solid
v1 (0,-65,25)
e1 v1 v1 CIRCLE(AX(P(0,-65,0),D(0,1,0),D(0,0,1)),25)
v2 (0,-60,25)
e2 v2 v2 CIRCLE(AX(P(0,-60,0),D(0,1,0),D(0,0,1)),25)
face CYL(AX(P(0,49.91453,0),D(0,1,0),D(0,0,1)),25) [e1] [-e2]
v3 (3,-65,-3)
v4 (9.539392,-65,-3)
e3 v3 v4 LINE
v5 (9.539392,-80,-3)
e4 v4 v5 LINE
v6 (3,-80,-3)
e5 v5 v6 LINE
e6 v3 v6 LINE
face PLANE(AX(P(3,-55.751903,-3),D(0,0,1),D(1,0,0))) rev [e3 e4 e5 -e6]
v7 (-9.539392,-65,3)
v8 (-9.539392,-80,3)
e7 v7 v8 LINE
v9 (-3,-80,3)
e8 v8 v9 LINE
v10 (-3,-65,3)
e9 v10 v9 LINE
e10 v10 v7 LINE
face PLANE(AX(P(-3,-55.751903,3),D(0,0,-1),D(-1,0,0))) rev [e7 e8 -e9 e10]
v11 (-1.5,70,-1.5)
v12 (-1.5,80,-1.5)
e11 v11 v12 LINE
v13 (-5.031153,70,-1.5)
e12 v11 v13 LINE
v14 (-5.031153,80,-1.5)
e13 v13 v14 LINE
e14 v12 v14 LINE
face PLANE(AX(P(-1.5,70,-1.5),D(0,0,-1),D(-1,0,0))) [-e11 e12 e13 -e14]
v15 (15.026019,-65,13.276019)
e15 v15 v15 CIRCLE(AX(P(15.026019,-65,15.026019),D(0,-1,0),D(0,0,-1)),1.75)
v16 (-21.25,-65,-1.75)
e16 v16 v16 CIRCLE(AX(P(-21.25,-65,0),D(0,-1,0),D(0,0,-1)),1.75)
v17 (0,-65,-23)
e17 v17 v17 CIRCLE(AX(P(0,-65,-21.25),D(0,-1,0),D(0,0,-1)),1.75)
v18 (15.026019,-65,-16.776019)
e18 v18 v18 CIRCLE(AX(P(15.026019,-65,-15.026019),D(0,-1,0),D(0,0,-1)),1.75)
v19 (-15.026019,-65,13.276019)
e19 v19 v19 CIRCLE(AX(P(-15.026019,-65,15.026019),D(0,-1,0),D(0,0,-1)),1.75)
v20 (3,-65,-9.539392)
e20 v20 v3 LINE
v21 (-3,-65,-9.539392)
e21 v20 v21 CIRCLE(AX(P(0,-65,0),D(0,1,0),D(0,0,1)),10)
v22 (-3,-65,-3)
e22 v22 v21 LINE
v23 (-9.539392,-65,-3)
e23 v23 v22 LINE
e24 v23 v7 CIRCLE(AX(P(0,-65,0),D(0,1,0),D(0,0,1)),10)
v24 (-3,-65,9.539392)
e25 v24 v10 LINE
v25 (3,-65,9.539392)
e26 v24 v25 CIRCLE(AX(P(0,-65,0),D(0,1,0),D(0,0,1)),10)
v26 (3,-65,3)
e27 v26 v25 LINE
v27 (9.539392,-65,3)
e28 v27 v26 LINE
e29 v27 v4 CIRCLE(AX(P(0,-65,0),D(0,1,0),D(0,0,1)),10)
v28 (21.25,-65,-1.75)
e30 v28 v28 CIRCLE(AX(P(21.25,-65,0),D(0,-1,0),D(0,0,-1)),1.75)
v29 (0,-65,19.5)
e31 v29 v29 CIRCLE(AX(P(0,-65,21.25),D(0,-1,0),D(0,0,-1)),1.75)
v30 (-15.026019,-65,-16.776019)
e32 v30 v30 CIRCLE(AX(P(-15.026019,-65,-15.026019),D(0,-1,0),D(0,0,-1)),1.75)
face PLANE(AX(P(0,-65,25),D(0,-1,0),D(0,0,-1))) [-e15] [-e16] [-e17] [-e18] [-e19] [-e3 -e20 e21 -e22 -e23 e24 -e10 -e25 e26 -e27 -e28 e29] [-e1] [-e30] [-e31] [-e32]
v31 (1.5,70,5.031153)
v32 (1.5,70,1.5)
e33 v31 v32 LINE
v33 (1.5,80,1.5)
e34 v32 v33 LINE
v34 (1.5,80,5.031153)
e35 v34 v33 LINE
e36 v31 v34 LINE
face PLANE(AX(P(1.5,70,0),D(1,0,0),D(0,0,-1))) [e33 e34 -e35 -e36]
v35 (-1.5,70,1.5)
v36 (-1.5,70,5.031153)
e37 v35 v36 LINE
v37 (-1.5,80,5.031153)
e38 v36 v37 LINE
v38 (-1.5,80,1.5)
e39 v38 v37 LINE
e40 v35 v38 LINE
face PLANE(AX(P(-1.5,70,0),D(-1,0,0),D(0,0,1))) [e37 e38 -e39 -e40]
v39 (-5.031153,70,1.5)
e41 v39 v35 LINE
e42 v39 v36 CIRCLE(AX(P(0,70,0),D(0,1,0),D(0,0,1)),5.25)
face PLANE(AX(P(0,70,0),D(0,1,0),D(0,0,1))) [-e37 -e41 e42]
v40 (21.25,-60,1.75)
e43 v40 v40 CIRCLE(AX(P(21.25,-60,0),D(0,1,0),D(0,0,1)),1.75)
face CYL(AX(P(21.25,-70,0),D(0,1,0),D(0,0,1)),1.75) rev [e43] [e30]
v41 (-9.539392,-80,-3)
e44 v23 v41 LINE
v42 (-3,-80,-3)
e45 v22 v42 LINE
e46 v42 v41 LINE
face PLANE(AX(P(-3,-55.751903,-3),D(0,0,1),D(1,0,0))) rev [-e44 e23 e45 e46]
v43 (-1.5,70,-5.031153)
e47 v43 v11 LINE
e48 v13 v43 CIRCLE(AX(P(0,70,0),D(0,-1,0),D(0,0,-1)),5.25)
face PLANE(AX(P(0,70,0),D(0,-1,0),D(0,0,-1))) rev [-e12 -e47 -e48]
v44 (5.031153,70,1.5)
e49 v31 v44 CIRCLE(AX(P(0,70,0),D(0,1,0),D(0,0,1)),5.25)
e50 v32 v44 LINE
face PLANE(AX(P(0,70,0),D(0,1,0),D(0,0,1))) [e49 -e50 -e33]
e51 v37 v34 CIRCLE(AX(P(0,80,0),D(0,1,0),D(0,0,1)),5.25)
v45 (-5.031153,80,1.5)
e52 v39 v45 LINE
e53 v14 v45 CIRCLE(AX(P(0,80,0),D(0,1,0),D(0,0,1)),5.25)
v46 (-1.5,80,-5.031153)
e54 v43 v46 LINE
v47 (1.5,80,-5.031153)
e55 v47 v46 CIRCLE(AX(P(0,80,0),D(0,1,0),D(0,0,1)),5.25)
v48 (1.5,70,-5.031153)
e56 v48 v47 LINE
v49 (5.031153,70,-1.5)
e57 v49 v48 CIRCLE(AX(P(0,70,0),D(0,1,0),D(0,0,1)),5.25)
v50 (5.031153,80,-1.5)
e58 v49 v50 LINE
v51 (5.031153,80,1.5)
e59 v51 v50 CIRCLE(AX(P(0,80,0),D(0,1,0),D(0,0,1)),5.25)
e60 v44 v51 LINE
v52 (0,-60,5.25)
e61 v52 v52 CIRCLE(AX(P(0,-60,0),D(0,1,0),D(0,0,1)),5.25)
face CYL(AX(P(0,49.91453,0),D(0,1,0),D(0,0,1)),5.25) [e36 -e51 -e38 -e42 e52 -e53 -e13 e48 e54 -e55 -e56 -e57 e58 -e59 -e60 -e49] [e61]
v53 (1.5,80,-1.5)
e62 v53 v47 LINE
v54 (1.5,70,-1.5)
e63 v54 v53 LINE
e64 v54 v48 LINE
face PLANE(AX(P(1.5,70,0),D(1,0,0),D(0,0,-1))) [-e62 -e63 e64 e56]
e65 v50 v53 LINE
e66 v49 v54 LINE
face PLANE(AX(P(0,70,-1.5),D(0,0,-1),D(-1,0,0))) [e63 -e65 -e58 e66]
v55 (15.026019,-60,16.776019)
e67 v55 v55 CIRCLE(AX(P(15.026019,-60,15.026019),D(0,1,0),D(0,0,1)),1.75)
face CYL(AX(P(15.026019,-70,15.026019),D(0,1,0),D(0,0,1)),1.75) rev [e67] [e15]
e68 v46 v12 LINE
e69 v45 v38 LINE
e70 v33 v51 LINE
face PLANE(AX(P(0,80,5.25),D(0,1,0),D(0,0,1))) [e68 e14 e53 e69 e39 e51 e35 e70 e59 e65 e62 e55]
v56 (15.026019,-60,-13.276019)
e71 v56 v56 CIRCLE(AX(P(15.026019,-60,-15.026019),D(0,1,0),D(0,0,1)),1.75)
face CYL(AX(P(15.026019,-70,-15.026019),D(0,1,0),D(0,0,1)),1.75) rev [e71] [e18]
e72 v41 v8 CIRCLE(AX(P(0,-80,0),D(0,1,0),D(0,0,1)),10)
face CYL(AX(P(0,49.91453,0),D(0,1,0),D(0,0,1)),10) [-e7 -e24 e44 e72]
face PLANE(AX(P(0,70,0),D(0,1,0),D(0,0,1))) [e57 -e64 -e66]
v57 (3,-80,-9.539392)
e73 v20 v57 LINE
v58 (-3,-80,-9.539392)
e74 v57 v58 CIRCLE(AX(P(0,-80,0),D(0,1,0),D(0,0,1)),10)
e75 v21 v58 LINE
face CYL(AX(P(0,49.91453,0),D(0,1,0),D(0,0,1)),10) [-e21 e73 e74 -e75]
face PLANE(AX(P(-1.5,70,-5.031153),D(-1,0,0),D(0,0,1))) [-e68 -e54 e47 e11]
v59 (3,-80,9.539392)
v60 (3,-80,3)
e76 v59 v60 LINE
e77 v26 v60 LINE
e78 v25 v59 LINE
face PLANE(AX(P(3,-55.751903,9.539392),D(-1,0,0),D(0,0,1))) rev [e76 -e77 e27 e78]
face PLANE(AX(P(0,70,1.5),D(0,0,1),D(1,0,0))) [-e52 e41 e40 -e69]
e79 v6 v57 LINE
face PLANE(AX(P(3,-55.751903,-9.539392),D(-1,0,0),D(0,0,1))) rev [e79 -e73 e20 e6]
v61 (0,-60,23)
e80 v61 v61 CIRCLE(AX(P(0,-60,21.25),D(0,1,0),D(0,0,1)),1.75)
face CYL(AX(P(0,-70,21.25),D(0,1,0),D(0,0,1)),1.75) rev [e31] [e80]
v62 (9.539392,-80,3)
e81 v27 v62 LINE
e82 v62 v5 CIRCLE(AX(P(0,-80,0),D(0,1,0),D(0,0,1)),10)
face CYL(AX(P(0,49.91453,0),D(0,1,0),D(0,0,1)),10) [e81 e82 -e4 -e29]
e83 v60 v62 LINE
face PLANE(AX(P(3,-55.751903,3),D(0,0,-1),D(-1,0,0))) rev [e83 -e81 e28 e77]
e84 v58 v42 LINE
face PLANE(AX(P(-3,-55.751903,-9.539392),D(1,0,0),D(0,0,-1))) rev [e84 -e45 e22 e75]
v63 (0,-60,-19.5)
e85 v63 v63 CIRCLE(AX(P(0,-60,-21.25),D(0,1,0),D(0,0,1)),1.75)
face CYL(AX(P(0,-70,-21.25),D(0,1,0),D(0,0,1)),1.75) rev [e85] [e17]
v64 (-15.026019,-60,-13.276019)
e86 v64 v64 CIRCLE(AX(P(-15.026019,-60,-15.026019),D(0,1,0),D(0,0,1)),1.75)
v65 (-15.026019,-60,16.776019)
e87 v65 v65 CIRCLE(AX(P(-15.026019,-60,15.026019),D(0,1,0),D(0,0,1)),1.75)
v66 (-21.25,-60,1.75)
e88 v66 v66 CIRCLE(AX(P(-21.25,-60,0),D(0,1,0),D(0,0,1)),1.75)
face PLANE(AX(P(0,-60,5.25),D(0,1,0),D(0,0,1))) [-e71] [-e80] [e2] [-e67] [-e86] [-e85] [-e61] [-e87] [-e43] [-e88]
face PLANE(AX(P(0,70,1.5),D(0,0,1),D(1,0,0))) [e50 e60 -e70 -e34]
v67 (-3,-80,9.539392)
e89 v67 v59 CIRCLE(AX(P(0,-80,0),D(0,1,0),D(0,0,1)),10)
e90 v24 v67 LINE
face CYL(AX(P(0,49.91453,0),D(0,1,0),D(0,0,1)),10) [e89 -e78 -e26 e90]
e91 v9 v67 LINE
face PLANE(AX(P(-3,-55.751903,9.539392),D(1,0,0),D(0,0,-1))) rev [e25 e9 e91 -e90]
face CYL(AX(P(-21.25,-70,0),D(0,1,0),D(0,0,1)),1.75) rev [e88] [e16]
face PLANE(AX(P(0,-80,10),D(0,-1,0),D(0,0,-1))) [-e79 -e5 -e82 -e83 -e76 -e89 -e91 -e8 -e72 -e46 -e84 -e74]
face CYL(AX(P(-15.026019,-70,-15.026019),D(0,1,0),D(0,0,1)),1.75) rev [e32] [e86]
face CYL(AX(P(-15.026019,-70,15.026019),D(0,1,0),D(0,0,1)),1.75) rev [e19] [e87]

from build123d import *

# Parameters (mm, degrees)
SKETCH2_R          = 1.75
CUT_EXTRUDE1_DEPTH = 10
CUT_EXTRUDE2_DEPTH = 15
CUT_EXTRUDE3_START = -10
CUT_EXTRUDE3_DEPTH = 10


with BuildPart() as part:
    # Sketch1 → Revolve1 (revolve)
    with BuildSketch(Plane(origin=(0, 0, 0), x_dir=(0, 0, -1), z_dir=(1, 0, 0))):
        Polygon((-5.25, 80), (-5.25, -60), (-25, -60), (-25, -65), (-10, -65), (-10, -80), (0, -80), (0, 80), align=None)
    revolve(axis=Axis((0, 49.914529915, 0), (0, -1, 0)))

    # Sketch2 → Cut-Extrude1 (cut)
    with BuildSketch(Plane(origin=(0, -60, 0), x_dir=(1, 0, 0), z_dir=(0, 1, 0))):
        with Locations(Location((0, -21.25, 0), (0, 0, 270))):
            Circle(SKETCH2_R)
        with Locations(Location((-15.0260191, -15.0260191, 0), (0, 0, 270))):
            Circle(SKETCH2_R)
        with Locations(Location((-21.25, 0, 0), (0, 0, 270))):
            Circle(SKETCH2_R)
        with Locations(Location((-15.0260191, 15.0260191, 0), (0, 0, 270))):
            Circle(SKETCH2_R)
        with Locations(Location((0, 21.25, 0), (0, 0, 270))):
            Circle(SKETCH2_R)
        with Locations(Location((15.0260191, 15.0260191, 0), (0, 0, 270))):
            Circle(SKETCH2_R)
        with Locations(Location((21.25, 0, 0), (0, 0, 270))):
            Circle(SKETCH2_R)
        with Locations(Location((15.0260191, -15.0260191, 0), (0, 0, 270))):
            Circle(SKETCH2_R)
    extrude(amount=-CUT_EXTRUDE1_DEPTH, mode=Mode.SUBTRACT)

    # Sketch3 → Cut-Extrude2 (cut)
    with BuildSketch(Plane.XZ.offset(80)):
        with BuildLine():
            Line((-3, 9.539392014), (-3, 3))
            Line((-3, 3), (-9.539392014, 3))
            ThreePointArc((-9.539392014, 3), (-7.071067812, 7.071067812), (-3, 9.539392014))
        make_face()
        with BuildLine():
            Line((-3, -3), (-9.539392014, -3))
            ThreePointArc((-9.539392014, -3), (-7.071067812, -7.071067812), (-3, -9.539392014))
            Line((-3, -9.539392014), (-3, -3))
        make_face()
        with BuildLine():
            Line((3, -3), (9.539392014, -3))
            ThreePointArc((9.539392014, -3), (7.071067812, -7.071067812), (3, -9.539392014))
            Line((3, -9.539392014), (3, -3))
        make_face()
        with BuildLine():
            Line((3, 3), (9.539392014, 3))
            ThreePointArc((9.539392014, 3), (7.071067812, 7.071067812), (3, 9.539392014))
            Line((3, 9.539392014), (3, 3))
        make_face()
    extrude(amount=-CUT_EXTRUDE2_DEPTH, mode=Mode.SUBTRACT)

    # Sketch4 → Cut-Extrude3 (cut)
    with BuildSketch(Plane(origin=(0, 80, 0), x_dir=(1, 0, 0), z_dir=(0, 1, 0)).offset(CUT_EXTRUDE3_START)):
        with BuildLine():
            Line((-1.5, -1.5), (-5.031152949, -1.5))
            ThreePointArc((-5.031152949, -1.5), (-3.712310601, -3.712310601), (-1.5, -5.031152949))
            Line((-1.5, -5.031152949), (-1.5, -1.5))
        make_face()
        with BuildLine():
            Line((1.5, -1.5), (1.5, -5.031152949))
            ThreePointArc((1.5, -5.031152949), (3.712310601, -3.712310601), (5.031152949, -1.5))
            Line((5.031152949, -1.5), (1.5, -1.5))
        make_face()
        with BuildLine():
            ThreePointArc((5.031152949, 1.5), (3.712310601, 3.712310601), (1.5, 5.031152949))
            Line((1.5, 5.031152949), (1.5, 1.5))
            Line((1.5, 1.5), (5.031152949, 1.5))
        make_face()
        with BuildLine():
            ThreePointArc((-5.031152949, 1.5), (-3.712310601, 3.712310601), (-1.5, 5.031152949))
            Line((-1.5, 5.031152949), (-1.5, 1.5))
            Line((-1.5, 1.5), (-5.031152949, 1.5))
        make_face()
    extrude(amount=CUT_EXTRUDE3_DEPTH, mode=Mode.SUBTRACT)


solid = part.part
